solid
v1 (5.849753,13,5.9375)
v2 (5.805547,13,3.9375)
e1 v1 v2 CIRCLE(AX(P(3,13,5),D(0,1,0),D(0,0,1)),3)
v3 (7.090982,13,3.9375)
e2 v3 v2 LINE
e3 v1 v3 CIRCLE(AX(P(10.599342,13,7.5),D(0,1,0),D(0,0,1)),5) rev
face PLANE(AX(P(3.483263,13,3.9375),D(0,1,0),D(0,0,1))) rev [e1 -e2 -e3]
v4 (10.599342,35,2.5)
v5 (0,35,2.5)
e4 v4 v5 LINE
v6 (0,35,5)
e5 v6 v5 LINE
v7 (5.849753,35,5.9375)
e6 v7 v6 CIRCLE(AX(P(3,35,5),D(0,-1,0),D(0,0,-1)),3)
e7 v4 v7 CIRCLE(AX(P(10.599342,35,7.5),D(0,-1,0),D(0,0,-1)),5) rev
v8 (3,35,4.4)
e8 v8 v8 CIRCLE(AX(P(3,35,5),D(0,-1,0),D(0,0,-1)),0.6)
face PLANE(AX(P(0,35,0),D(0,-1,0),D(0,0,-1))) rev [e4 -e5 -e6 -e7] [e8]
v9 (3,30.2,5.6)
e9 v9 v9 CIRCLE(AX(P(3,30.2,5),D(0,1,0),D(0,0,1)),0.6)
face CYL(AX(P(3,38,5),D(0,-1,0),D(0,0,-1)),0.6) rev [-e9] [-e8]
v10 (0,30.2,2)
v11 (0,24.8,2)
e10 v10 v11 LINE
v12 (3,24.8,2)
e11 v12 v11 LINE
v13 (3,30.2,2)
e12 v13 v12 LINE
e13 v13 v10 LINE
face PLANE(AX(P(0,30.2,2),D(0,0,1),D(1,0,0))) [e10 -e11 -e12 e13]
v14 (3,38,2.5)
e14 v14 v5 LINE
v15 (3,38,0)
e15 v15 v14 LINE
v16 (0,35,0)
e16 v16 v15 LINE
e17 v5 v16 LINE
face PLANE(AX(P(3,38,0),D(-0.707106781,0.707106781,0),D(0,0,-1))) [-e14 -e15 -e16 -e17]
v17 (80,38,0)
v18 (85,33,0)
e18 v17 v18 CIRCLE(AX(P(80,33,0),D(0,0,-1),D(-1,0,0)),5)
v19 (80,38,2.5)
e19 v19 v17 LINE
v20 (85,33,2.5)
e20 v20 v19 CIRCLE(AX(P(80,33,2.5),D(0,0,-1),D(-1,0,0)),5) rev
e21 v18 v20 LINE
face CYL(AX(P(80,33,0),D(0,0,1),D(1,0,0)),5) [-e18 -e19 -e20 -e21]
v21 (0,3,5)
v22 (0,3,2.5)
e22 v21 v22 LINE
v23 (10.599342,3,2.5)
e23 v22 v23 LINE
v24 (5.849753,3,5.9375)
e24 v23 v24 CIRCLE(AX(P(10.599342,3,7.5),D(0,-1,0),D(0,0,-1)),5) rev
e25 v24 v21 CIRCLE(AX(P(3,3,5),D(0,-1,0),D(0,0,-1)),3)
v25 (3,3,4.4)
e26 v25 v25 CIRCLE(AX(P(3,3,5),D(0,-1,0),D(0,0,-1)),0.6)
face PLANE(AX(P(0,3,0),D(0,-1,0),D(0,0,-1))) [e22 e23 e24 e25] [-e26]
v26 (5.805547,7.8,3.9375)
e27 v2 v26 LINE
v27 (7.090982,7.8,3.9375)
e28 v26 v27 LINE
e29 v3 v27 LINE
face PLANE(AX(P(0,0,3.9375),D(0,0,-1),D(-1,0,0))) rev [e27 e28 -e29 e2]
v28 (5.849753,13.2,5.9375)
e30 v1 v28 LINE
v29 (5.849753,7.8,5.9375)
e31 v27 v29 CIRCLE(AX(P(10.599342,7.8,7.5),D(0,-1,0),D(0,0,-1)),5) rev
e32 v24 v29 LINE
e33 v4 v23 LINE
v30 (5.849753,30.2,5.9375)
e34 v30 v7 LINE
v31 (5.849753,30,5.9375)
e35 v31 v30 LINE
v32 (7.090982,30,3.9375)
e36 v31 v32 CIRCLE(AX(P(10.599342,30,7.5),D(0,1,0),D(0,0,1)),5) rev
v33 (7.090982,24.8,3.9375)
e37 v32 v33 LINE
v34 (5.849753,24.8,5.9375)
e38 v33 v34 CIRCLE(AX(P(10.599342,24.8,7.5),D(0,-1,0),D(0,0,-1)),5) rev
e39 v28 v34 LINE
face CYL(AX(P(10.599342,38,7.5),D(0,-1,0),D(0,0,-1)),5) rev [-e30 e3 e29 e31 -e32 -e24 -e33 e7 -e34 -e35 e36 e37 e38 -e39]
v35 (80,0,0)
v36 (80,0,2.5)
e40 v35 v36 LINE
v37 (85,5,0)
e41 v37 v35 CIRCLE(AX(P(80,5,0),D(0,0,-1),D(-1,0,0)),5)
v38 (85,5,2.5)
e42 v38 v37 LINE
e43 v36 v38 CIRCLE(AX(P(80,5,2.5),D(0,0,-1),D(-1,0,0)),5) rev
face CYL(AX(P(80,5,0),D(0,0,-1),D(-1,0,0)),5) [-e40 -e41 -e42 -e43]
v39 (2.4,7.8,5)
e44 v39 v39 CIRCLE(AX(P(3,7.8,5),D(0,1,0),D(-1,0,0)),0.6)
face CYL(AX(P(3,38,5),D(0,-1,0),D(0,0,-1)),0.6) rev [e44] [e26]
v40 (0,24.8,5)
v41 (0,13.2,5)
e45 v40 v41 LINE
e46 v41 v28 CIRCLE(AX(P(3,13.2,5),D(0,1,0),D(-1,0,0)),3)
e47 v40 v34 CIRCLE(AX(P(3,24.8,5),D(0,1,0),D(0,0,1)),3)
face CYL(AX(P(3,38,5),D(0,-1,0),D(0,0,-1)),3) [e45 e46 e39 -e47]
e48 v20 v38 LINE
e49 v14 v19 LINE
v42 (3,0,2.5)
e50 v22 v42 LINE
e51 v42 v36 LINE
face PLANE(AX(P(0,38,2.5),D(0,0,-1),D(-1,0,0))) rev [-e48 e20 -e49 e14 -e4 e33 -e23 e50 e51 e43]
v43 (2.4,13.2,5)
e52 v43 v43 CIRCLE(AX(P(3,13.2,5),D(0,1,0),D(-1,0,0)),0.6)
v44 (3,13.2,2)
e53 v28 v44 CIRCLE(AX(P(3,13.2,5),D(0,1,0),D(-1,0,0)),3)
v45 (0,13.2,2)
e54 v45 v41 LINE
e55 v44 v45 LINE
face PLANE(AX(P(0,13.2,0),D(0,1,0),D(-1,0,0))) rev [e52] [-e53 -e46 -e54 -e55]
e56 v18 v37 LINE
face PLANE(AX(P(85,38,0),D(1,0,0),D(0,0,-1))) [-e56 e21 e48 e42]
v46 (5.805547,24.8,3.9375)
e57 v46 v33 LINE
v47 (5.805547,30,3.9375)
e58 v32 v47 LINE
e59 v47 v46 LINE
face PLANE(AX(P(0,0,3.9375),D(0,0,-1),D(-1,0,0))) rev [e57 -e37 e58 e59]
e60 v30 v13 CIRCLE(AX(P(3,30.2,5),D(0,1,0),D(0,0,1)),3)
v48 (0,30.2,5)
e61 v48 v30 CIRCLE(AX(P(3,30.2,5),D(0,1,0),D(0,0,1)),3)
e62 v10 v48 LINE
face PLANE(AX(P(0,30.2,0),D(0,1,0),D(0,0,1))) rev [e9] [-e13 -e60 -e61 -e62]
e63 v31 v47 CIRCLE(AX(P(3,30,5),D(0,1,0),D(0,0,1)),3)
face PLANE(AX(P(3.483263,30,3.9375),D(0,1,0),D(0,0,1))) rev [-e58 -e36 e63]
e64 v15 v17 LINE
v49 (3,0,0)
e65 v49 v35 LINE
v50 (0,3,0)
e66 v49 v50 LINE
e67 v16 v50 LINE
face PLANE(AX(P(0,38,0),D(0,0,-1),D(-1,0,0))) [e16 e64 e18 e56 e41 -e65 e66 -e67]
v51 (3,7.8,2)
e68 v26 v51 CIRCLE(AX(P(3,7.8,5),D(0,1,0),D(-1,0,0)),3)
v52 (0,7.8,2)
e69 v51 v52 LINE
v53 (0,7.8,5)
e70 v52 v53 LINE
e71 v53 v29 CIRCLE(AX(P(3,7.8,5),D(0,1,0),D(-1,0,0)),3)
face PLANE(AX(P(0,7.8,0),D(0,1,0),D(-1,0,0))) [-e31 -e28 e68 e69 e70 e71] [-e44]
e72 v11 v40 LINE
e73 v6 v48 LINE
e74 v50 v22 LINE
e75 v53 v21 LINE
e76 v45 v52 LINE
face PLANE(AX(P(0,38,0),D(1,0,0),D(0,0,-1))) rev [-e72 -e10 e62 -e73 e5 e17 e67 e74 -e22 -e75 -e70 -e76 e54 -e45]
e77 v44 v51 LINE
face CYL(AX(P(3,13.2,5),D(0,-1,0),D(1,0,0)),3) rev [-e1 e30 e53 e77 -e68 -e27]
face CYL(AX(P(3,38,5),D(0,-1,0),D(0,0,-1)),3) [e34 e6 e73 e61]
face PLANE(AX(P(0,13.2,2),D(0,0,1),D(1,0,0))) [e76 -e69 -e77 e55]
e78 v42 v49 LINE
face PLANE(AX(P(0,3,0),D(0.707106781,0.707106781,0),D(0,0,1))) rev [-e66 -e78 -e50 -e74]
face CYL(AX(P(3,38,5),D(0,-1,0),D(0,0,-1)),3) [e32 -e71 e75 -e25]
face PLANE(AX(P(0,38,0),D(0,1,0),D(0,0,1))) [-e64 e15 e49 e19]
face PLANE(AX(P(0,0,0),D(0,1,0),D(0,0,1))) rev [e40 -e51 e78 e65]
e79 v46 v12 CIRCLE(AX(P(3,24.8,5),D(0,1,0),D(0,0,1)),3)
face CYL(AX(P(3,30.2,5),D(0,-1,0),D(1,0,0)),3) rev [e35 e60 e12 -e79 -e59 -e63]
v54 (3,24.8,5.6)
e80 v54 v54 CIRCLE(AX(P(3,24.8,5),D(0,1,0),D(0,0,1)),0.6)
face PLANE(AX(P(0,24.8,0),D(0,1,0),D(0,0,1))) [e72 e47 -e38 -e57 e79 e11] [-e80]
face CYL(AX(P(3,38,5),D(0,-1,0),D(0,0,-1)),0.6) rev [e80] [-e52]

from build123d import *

# Parameters (mm, degrees)
BOSS_EXTRUDE1_DEPTH     = 38
FILLET1_R               = 5
CUT_EXTRUDE2_DEPTH      = 2.7
CUT_EXTRUDE2_DEPTH_BACK = 2.7
SKETCH4_R               = 3
CUT_EXTRUDE3_DEPTH      = 2.7
CUT_EXTRUDE3_DEPTH_BACK = 2.7
SKETCH5_R               = 3
SKETCH6_W               = 15.806991546
SKETCH6_H               = 7.262468959
CUT_EXTRUDE4_DEPTH      = 3
SKETCH7_W               = 28.198471628
SKETCH7_H               = 7.72700603
CUT_EXTRUDE5_DEPTH      = 3
CHAMFER1_SIZE           = 3
FILLET2_R               = 5
SKETCH8_W               = 6.878152115
SKETCH8_H               = 5.2
SKETCH8_W_2             = 6.400502662
CUT_EXTRUDE6_DEPTH      = 2


with BuildPart() as part:
    # Sketch1 → Boss-Extrude1 (new body)
    with BuildSketch(Plane(origin=(0, 0, 0), x_dir=(1, 0, 0), z_dir=(0, 1, 0))):
        with BuildLine():
            Line((85, 0), (3, 0))
            Line((3, 0), (3, -2))
            ThreePointArc((3, -2), (3.866025404, -2.127718677), (4.658312395, -2.5))
            Line((4.658312395, -2.5), (85, -2.5))
            Line((85, -2.5), (85, 0))
        make_face()
        with BuildLine():
            Line((3, -2), (3, 0))
            Line((3, 0), (0, 0))
            Line((0, 0), (0, -2.5))
            Line((0, -2.5), (1.341687605, -2.5))
            ThreePointArc((1.341687605, -2.5), (2.133974596, -2.127718677), (3, -2))
        make_face()
        with BuildLine():
            ThreePointArc((0, -5), (0.356617963, -3.581362835), (1.341687605, -2.5))
            Line((1.341687605, -2.5), (0, -2.5))
            Line((0, -2.5), (0, -5))
        make_face()
        with BuildLine():
            Line((3, -4.4), (3, -2.5))
            Line((3, -2.5), (0, -5))
            ThreePointArc((0, -5), (0.878679656, -7.121320344), (3, -8))
            Line((3, -8), (3, -5.6))
            ThreePointArc((3, -5.6), (2.4, -5), (3, -4.4))
        make_face()
        with BuildLine():
            Line((4.658312395, -2.5), (3, -2.5))
            Line((3, -2.5), (3, -4.4))
            ThreePointArc((3, -4.4), (3.424264069, -4.575735931), (3.6, -5))
            ThreePointArc((3.6, -5), (3.424264069, -5.424264069), (3, -5.6))
            Line((3, -5.6), (3, -8))
            ThreePointArc((3, -8), (5.121320344, -7.121320344), (6, -5))
            ThreePointArc((6, -5), (5.643382037, -3.581362835), (4.658312395, -2.5))
        make_face()
        with BuildLine():
            Line((0, -5), (3, -2.5))
            Line((3, -2.5), (1.341687605, -2.5))
            ThreePointArc((1.341687605, -2.5), (0.356617963, -3.581362835), (0, -5))
        make_face()
        with BuildLine():
            Line((3, -2.5), (3, -2))
            ThreePointArc((3, -2), (2.133974596, -2.127718677), (1.341687605, -2.5))
            Line((1.341687605, -2.5), (3, -2.5))
        make_face()
        with BuildLine():
            ThreePointArc((4.658312395, -2.5), (3.866025404, -2.127718677), (3, -2))
            Line((3, -2), (3, -2.5))
            Line((3, -2.5), (4.658312395, -2.5))
        make_face()
    extrude(amount=BOSS_EXTRUDE1_DEPTH)

    # Fillet1
    fillet1_edges = [part.edges().sort_by_distance(p)[0] for p in [
        (4.658312395, 19, 2.5),
    ]]
    fillet(fillet1_edges, radius=FILLET1_R)

    # Sketch4 → Cut-Extrude2 (cut, two sides: drawn at the far end of the back side and taken through both)
    with BuildSketch(Plane(origin=(0, 27.5, 0), x_dir=(1, 0, 0), z_dir=(0, 1, 0)).offset(-CUT_EXTRUDE2_DEPTH_BACK)):
        with Locations((3, -5)):
            Circle(SKETCH4_R)
        with BuildLine():
            ThreePointArc((0, -5), (0.878679656, -2.878679656), (3, -2))
            Line((3, -2), (0, -2))
            Line((0, -2), (0, -5))
        make_face()
    extrude(amount=CUT_EXTRUDE2_DEPTH + CUT_EXTRUDE2_DEPTH_BACK, mode=Mode.SUBTRACT)

    # Sketch5 → Cut-Extrude3 (cut, two sides: drawn at the far end of the back side and taken through both)
    with BuildSketch(Plane(origin=(0, 10.5, 0), x_dir=(1, 0, 0), z_dir=(0, 1, 0)).offset(-CUT_EXTRUDE3_DEPTH_BACK)):
        with Locations((3, -5)):
            Circle(SKETCH5_R)
        with BuildLine():
            ThreePointArc((0, -5), (0.878679656, -2.878679656), (3, -2))
            Line((3, -2), (0, -2))
            Line((0, -2), (0, -5))
        make_face()
    extrude(amount=CUT_EXTRUDE3_DEPTH + CUT_EXTRUDE3_DEPTH_BACK, mode=Mode.SUBTRACT)

    # Sketch6 → Cut-Extrude4 (cut)
    with BuildSketch(Plane(origin=(0, 38, 0), x_dir=(1, 0, 0), z_dir=(0, 1, 0))):
        with Locations((5.822770624, -6.13123448)):
            Rectangle(SKETCH6_W, SKETCH6_H)
    extrude(amount=-CUT_EXTRUDE4_DEPTH, mode=Mode.SUBTRACT)

    # Sketch7 → Cut-Extrude5 (cut)
    with BuildSketch(Plane.XZ):
        with Locations((11.372216332, 6.363503015)):
            Rectangle(SKETCH7_W, SKETCH7_H)
    extrude(amount=-CUT_EXTRUDE5_DEPTH, mode=Mode.SUBTRACT)

    # Chamfer1
    chamfer1_edges = [part.edges().sort_by_distance(p)[0] for p in [
        (0, 38, 1.25),
        (0, 0, 1.25),
    ]]
    chamfer(chamfer1_edges, length=CHAMFER1_SIZE)

    # Fillet2
    fillet2_edges = [part.edges().sort_by_distance(p)[0] for p in [
        (85, 38, 1.25),
        (85, 0, 1.25),
    ]]
    fillet(fillet2_edges, radius=FILLET2_R)

    # Sketch8 → Cut-Extrude6 (cut)
    with BuildSketch(Plane.XY.offset(5.9375)):
        with Locations((6.922338589, 10.4)):
            Rectangle(SKETCH8_W, SKETCH8_H)
        with Locations((6.683513862, 27.4)):
            Rectangle(SKETCH8_W_2, SKETCH8_H)
    extrude(amount=-CUT_EXTRUDE6_DEPTH, mode=Mode.SUBTRACT)


solid = part.part
